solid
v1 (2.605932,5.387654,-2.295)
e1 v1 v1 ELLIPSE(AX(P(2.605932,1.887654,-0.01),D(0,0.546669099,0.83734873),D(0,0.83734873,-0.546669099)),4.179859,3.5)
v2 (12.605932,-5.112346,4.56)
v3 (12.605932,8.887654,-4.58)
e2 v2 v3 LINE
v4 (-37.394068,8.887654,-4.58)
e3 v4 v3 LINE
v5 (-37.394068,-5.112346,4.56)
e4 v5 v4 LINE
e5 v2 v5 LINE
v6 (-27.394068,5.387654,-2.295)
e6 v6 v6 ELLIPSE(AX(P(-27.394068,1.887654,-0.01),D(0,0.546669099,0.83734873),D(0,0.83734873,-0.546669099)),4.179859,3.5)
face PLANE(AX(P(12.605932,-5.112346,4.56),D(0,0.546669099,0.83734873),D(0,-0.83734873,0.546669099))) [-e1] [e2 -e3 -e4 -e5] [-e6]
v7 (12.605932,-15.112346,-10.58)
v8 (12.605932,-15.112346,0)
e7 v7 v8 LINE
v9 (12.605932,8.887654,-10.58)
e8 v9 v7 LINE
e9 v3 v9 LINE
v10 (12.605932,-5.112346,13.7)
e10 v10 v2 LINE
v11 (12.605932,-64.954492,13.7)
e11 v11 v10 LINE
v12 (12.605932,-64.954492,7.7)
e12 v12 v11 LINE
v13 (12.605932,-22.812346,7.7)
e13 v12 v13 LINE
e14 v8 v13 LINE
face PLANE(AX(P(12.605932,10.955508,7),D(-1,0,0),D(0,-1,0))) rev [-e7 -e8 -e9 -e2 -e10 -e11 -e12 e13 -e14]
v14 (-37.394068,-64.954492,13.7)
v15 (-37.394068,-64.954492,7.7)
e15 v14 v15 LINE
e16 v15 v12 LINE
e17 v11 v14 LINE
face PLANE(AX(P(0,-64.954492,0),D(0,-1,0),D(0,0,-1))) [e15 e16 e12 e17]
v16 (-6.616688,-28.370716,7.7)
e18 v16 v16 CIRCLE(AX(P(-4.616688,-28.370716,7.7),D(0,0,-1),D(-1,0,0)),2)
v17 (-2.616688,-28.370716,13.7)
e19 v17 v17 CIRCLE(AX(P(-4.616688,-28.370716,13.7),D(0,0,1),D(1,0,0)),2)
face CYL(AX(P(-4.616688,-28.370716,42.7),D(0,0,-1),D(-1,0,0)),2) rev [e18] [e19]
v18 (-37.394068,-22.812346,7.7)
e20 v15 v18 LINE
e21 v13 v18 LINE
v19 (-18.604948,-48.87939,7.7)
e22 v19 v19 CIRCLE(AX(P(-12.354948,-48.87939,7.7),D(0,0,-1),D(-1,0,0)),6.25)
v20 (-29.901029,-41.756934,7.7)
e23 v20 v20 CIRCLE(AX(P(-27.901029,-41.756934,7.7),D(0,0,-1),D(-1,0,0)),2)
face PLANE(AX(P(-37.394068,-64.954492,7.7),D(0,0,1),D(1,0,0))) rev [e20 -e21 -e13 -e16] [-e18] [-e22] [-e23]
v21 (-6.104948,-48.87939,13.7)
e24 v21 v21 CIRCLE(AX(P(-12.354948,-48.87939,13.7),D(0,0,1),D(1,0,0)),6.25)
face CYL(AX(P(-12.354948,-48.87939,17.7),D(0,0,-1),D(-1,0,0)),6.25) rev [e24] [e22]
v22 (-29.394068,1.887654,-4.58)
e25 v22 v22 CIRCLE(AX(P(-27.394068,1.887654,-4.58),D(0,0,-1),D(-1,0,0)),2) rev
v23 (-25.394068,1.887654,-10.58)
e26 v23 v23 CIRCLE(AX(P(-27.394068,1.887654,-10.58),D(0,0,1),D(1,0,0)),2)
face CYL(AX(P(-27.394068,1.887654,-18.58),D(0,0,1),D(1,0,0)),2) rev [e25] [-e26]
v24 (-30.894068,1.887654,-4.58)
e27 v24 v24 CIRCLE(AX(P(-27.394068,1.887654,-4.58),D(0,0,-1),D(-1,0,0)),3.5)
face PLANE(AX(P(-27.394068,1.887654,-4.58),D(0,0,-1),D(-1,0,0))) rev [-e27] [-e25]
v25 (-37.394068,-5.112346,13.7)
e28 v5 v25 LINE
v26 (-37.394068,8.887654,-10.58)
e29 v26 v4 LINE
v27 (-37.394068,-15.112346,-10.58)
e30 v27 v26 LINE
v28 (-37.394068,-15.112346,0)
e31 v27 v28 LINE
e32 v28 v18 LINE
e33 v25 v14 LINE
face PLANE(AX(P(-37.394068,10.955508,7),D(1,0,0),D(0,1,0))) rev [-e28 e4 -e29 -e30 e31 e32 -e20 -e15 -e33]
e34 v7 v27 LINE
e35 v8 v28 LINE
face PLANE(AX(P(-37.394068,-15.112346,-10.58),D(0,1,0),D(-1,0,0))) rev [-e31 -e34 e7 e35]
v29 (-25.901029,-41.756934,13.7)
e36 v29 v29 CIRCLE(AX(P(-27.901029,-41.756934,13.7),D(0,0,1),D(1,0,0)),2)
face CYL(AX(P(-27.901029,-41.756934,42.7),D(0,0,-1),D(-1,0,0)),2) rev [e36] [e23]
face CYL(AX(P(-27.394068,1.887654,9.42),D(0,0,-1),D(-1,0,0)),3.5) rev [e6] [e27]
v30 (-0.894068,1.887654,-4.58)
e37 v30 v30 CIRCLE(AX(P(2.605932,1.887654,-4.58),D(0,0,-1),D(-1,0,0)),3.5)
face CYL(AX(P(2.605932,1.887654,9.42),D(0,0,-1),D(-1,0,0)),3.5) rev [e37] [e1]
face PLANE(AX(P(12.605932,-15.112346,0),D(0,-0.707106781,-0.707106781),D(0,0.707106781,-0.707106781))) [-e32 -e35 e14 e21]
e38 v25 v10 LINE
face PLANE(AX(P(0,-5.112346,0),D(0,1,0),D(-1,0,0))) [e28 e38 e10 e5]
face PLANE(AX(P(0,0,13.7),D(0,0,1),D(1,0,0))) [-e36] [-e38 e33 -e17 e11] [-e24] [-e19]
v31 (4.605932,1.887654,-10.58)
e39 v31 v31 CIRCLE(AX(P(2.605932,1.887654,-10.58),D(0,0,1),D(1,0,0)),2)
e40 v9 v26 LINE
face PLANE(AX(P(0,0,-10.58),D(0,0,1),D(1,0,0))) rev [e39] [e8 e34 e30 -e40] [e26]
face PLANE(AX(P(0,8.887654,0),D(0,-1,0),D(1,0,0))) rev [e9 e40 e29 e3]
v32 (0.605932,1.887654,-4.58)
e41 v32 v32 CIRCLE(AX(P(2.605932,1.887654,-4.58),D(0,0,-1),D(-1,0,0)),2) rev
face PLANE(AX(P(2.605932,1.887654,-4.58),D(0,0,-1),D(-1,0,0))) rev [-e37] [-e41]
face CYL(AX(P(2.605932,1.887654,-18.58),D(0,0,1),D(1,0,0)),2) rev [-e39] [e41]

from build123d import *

# Parameters (mm, degrees)
SKETCH1_W            = 50
SKETCH1_H            = 18
BOSS_EXTRUDE1_DEPTH  = 7
SKETCH2_W            = 50
SKETCH2_H            = 8
BOSS_EXTRUDE2_DEPTH  = 6.7
SKETCH3_W            = 7
SKETCH3_H            = 8
BOSS_EXTRUDE3_DEPTH  = 23
SKETCH4_W            = 7
SKETCH4_H            = 8
BOSS_EXTRUDE4_DEPTH  = 14
SKETCH5_W            = 50
SKETCH5_H            = 10
CUT_EXTRUDE1_DEPTH   = 14
SKETCH6_R            = 2
CUT_EXTRUDE2_DEPTH   = 14
SKETCH7_W            = 50
SKETCH7_H            = 6
BOSS_EXTRUDE5_DEPTH  = 67.91
CUT_EXTRUDE3_DEPTH   = 35
SKETCH9_R            = 2
CUT_EXTRUDE5_DEPTH   = 35
SKETCH13_W           = 14
SKETCH13_H           = 8
CUT_EXTRUDE6_DEPTH   = 10
SKETCH14_W           = 7.7
SKETCH14_H           = 8
CUT_EXTRUDE7_DEPTH   = 120
SKETCH15_W           = 50
SKETCH15_H           = 14
BOSS_EXTRUDE6_DEPTH  = 6.4
SKETCH16_W           = 50
SKETCH16_H           = 14
CUT_EXTRUDE8_DEPTH   = 6
BOSS_EXTRUDE7_DEPTH  = 50
SKETCH18_R           = 2
CUT_EXTRUDE9_DEPTH   = 6.4
SKETCH19_R           = 3.5
CUT_EXTRUDE10_DEPTH  = 6.4
SKETCH20_W           = 12.4
SKETCH20_H           = 26.067854841
CUT_EXTRUDE11_DEPTH  = 70
SKETCH21_W           = 50
SKETCH21_H           = 6
BOSS_EXTRUDE8_DEPTH  = 10
SKETCH22_W           = 50
SKETCH22_H           = 10
BOSS_EXTRUDE9_DEPTH  = 18.28
SKETCH23_W           = 50
SKETCH23_H           = 6
BOSS_EXTRUDE10_DEPTH = 14
SKETCH24_R           = 2
CUT_EXTRUDE12_DEPTH  = 14
BOSS_EXTRUDE11_DEPTH = 50
SKETCH26_R           = 3.5
CUT_EXTRUDE13_DEPTH  = 14
SKETCH27_W           = 16.816450925
SKETCH27_H           = 29.203857669
BOSS_EXTRUDE12_DEPTH = 6
SKETCH28_R           = 6.25
CUT_EXTRUDE14_DEPTH  = 10


with BuildPart() as part:
    # Sketch1 → Boss-Extrude1 (new body)
    with BuildSketch(Plane.XY):
        with Locations((-12.394067797, 1.955508475)):
            Rectangle(SKETCH1_W, SKETCH1_H)
    extrude(amount=BOSS_EXTRUDE1_DEPTH)

    # Sketch2 → Boss-Extrude2 (add)
    with BuildSketch(Plane.XY.offset(7)):
        with Locations((-12.394067797, 6.955508475)):
            Rectangle(SKETCH2_W, SKETCH2_H)
    extrude(amount=BOSS_EXTRUDE2_DEPTH)

    # Sketch3 → Boss-Extrude3 (add)
    with BuildSketch(Plane(origin=(12.605932203, 0, 0), x_dir=(0, 0, -1), z_dir=(1, 0, 0))):
        with Locations((-3.5, 6.955508475)):
            Rectangle(SKETCH3_W, SKETCH3_H)
    extrude(amount=BOSS_EXTRUDE3_DEPTH)

    # Sketch4 → Boss-Extrude4 (add)
    with BuildSketch(Plane.ZY.offset(37.394067797)):
        with Locations((3.5, 6.955508475)):
            Rectangle(SKETCH4_W, SKETCH4_H)
    extrude(amount=BOSS_EXTRUDE4_DEPTH)

    # Sketch5 → Cut-Extrude1 (cut)
    with BuildSketch(Plane.XY.offset(7)):
        with Locations((-12.394067797, -2.044491525)):
            Rectangle(SKETCH5_W, SKETCH5_H)
    extrude(amount=-CUT_EXTRUDE1_DEPTH, mode=Mode.SUBTRACT)

    # Sketch6 → Cut-Extrude2 (cut)
    with BuildSketch(Plane.XY.offset(7)):
        with Locations((19.605932203, 6.955508475)):
            Circle(SKETCH6_R)
        with Locations((28.605932203, 6.955508475)):
            Circle(SKETCH6_R)
    extrude(amount=-CUT_EXTRUDE2_DEPTH, mode=Mode.SUBTRACT)

    # Sketch7 → Boss-Extrude5 (add)
    with BuildSketch(Plane.XZ.offset(-2.955508475)):
        with Locations((-12.394067797, 10.7)):
            Rectangle(SKETCH7_W, SKETCH7_H)
    extrude(amount=BOSS_EXTRUDE5_DEPTH)

    # Sketch8 → Cut-Extrude3 (cut)
    with BuildSketch(Plane.XY.offset(13.7)):
        with BuildLine():
            Line((-4.394067797, -44.33115583), (-4.394067797, -64.954491525))
            ThreePointArc((-4.394067797, -64.954491525), (-12.394067797, -72.954491525), (-20.394067797, -64.954491525))
            Line((-20.394067797, -64.954491525), (-20.394067797, -44.33115583))
            ThreePointArc((-20.394067797, -44.33115583), (-12.394067797, -36.33115583), (-4.394067797, -44.33115583))
        make_face()
    extrude(amount=-CUT_EXTRUDE3_DEPTH, mode=Mode.SUBTRACT)

    # Sketch9 → Cut-Extrude5 (cut)
    with BuildSketch(Plane(origin=(0, 0, 7.7), x_dir=(-1, 0, 0), z_dir=(0, 0, -1))):
        with Locations((27.901028765, -41.756933891)):
            Circle(SKETCH9_R)
        with Locations((4.616687569, -28.370715783)):
            Circle(SKETCH9_R)
    extrude(amount=-CUT_EXTRUDE5_DEPTH, mode=Mode.SUBTRACT)

    # Sketch13 → Cut-Extrude6 (cut)
    with BuildSketch(Plane.XY.offset(7)):
        with Locations((-44.394067797, 6.955508475)):
            Rectangle(SKETCH13_W, SKETCH13_H)
    extrude(amount=-CUT_EXTRUDE6_DEPTH, mode=Mode.SUBTRACT)

    # Sketch14 → Cut-Extrude7 (cut)
    with BuildSketch(Plane.ZY.offset(37.394067797)):
        with Locations((3.85, 6.955508475)):
            Rectangle(SKETCH14_W, SKETCH14_H)
    extrude(amount=-CUT_EXTRUDE7_DEPTH, mode=Mode.SUBTRACT)

    # Sketch15 → Boss-Extrude6 (add)
    with BuildSketch(Plane(origin=(0, 0, 7.7), x_dir=(-1, 0, 0), z_dir=(0, 0, -1))):
        with Locations((12.394067797, 3.955508475)):
            Rectangle(SKETCH15_W, SKETCH15_H)
    extrude(amount=BOSS_EXTRUDE6_DEPTH)

    # Sketch16 → Cut-Extrude8 (cut)
    with BuildSketch(Plane.XY.offset(13.7)):
        with Locations((-12.394067797, 3.955508475)):
            Rectangle(SKETCH16_W, SKETCH16_H)
    extrude(amount=-CUT_EXTRUDE8_DEPTH, mode=Mode.SUBTRACT)


with BuildPart() as cut_extrude8_piece_1:
    # of the separate pieces the step leaves, piece 1, a body of its own (cut_extrude8_pieces)
    add(part.part.solids().sort_by_distance((-37.394067797, -64.954491525, 13.7))[0])



with BuildPart() as cut_extrude8_piece_2:
    # of the separate pieces the step leaves, piece 2, a body of its own (cut_extrude8_pieces)
    add(part.part.solids().sort_by_distance((12.605932203, 10.955508475, 7.7))[0])


with BuildPart() as cut_extrude8_piece_1_1:
    add(cut_extrude8_piece_1.part)

    add(cut_extrude8_piece_2.part)  # Boss-Extrude7 merges Cut-Extrude8 piece 2
    # Sketch17 → Boss-Extrude7 (add)
    with BuildSketch(Plane.ZY.offset(37.394067797)):
        Polygon((7.7, 10.955508475), (13.7, -3.044491525), (7.7, -3.044491525), align=None)
        Polygon((1.3, -3.044491525), (7.7, -14.780389578), (7.7, -3.044491525), align=None)
    extrude(amount=-BOSS_EXTRUDE7_DEPTH)

    # Sketch18 → Cut-Extrude9 (cut)
    with BuildSketch(Plane(origin=(0, 0, 1.3), x_dir=(-1, 0, 0), z_dir=(0, 0, -1))):
        with Locations((-5.605932203, 3.955508475)):
            Circle(SKETCH18_R)
        with Locations((30.394067797, 4.955341008)):
            Circle(SKETCH18_R)
    extrude(amount=-CUT_EXTRUDE9_DEPTH, mode=Mode.SUBTRACT)

    # Sketch19 → Cut-Extrude10 (cut)
    with BuildSketch(Plane(origin=(0, 0, 7.7), x_dir=(-1, 0, 0), z_dir=(0, 0, -1))):
        with Locations((30.394067797, 4.955341008)):
            Circle(SKETCH19_R)
        with Locations((-5.605932203, 3.955508475)):
            Circle(SKETCH19_R)
    extrude(amount=-CUT_EXTRUDE10_DEPTH, mode=Mode.SUBTRACT)

    # Sketch20 → Cut-Extrude11 (cut)
    with BuildSketch(Plane.ZY.offset(37.394067797)):
        with Locations((7.5, -2.078418946)):
            Rectangle(SKETCH20_W, SKETCH20_H)
    extrude(amount=-CUT_EXTRUDE11_DEPTH, mode=Mode.SUBTRACT)

    # Sketch21 → Boss-Extrude8 (add)
    with BuildSketch(Plane(origin=(0, -15.112346366, 0), x_dir=(1, 0, 0), z_dir=(0, 1, 0))):
        with Locations((-12.394067797, -10.7)):
            Rectangle(SKETCH21_W, SKETCH21_H)
    extrude(amount=BOSS_EXTRUDE8_DEPTH)

    # Sketch22 → Boss-Extrude9 (add)
    with BuildSketch(Plane(origin=(0, 0, 7.7), x_dir=(-1, 0, 0), z_dir=(0, 0, -1))):
        with Locations((12.394067797, -10.112346366)):
            Rectangle(SKETCH22_W, SKETCH22_H)
    extrude(amount=BOSS_EXTRUDE9_DEPTH)

    # Sketch23 → Boss-Extrude10 (add)
    with BuildSketch(Plane(origin=(0, -5.112346366, 0), x_dir=(1, 0, 0), z_dir=(0, 1, 0))):
        with Locations((-12.394067797, 7.58)):
            Rectangle(SKETCH23_W, SKETCH23_H)
    extrude(amount=BOSS_EXTRUDE10_DEPTH)

    # Sketch24 → Cut-Extrude12 (cut)
    with BuildSketch(Plane.XY.offset(-4.58)):
        with Locations((2.605932203, 1.887653634)):
            Circle(SKETCH24_R)
        with Locations((-27.394067797, 1.887653634)):
            Circle(SKETCH24_R)
    extrude(amount=-CUT_EXTRUDE12_DEPTH, mode=Mode.SUBTRACT)

    # Sketch25 → Boss-Extrude11 (add)
    with BuildSketch(Plane.ZY.offset(37.394067797)):
        Polygon((7.7, -15.112346366), (0, -15.112346366), (7.7, -22.812346366), align=None)
        Polygon((-4.58, -5.112346366), (4.56, -5.112346366), (-4.58, 8.887653634), align=None)
    extrude(amount=-BOSS_EXTRUDE11_DEPTH)

    # Sketch26 → Cut-Extrude13 (cut)
    with BuildSketch(Plane(origin=(0, 0, -4.58), x_dir=(-1, 0, 0), z_dir=(0, 0, -1))):
        with Locations((27.394067797, 1.887653634)):
            Circle(SKETCH26_R)
        with Locations((-2.605932203, 1.887653634)):
            Circle(SKETCH26_R)
    extrude(amount=-CUT_EXTRUDE13_DEPTH, mode=Mode.SUBTRACT)

    # Sketch27 → Boss-Extrude12 (add)
    with BuildSketch(Plane(origin=(0, 0, 7.7), x_dir=(-1, 0, 0), z_dir=(0, 0, -1))):
        with Locations((11.985842335, -50.352562691)):
            Rectangle(SKETCH27_W, SKETCH27_H)
    extrude(amount=-BOSS_EXTRUDE12_DEPTH)

    # Sketch28 → Cut-Extrude14 (cut)
    with BuildSketch(Plane(origin=(0, 0, 7.7), x_dir=(-1, 0, 0), z_dir=(0, 0, -1))):
        with Locations((12.354948295, -48.879390068)):
            Circle(SKETCH28_R)
    extrude(amount=-CUT_EXTRUDE14_DEPTH, mode=Mode.SUBTRACT)


solid = cut_extrude8_piece_1_1.part
